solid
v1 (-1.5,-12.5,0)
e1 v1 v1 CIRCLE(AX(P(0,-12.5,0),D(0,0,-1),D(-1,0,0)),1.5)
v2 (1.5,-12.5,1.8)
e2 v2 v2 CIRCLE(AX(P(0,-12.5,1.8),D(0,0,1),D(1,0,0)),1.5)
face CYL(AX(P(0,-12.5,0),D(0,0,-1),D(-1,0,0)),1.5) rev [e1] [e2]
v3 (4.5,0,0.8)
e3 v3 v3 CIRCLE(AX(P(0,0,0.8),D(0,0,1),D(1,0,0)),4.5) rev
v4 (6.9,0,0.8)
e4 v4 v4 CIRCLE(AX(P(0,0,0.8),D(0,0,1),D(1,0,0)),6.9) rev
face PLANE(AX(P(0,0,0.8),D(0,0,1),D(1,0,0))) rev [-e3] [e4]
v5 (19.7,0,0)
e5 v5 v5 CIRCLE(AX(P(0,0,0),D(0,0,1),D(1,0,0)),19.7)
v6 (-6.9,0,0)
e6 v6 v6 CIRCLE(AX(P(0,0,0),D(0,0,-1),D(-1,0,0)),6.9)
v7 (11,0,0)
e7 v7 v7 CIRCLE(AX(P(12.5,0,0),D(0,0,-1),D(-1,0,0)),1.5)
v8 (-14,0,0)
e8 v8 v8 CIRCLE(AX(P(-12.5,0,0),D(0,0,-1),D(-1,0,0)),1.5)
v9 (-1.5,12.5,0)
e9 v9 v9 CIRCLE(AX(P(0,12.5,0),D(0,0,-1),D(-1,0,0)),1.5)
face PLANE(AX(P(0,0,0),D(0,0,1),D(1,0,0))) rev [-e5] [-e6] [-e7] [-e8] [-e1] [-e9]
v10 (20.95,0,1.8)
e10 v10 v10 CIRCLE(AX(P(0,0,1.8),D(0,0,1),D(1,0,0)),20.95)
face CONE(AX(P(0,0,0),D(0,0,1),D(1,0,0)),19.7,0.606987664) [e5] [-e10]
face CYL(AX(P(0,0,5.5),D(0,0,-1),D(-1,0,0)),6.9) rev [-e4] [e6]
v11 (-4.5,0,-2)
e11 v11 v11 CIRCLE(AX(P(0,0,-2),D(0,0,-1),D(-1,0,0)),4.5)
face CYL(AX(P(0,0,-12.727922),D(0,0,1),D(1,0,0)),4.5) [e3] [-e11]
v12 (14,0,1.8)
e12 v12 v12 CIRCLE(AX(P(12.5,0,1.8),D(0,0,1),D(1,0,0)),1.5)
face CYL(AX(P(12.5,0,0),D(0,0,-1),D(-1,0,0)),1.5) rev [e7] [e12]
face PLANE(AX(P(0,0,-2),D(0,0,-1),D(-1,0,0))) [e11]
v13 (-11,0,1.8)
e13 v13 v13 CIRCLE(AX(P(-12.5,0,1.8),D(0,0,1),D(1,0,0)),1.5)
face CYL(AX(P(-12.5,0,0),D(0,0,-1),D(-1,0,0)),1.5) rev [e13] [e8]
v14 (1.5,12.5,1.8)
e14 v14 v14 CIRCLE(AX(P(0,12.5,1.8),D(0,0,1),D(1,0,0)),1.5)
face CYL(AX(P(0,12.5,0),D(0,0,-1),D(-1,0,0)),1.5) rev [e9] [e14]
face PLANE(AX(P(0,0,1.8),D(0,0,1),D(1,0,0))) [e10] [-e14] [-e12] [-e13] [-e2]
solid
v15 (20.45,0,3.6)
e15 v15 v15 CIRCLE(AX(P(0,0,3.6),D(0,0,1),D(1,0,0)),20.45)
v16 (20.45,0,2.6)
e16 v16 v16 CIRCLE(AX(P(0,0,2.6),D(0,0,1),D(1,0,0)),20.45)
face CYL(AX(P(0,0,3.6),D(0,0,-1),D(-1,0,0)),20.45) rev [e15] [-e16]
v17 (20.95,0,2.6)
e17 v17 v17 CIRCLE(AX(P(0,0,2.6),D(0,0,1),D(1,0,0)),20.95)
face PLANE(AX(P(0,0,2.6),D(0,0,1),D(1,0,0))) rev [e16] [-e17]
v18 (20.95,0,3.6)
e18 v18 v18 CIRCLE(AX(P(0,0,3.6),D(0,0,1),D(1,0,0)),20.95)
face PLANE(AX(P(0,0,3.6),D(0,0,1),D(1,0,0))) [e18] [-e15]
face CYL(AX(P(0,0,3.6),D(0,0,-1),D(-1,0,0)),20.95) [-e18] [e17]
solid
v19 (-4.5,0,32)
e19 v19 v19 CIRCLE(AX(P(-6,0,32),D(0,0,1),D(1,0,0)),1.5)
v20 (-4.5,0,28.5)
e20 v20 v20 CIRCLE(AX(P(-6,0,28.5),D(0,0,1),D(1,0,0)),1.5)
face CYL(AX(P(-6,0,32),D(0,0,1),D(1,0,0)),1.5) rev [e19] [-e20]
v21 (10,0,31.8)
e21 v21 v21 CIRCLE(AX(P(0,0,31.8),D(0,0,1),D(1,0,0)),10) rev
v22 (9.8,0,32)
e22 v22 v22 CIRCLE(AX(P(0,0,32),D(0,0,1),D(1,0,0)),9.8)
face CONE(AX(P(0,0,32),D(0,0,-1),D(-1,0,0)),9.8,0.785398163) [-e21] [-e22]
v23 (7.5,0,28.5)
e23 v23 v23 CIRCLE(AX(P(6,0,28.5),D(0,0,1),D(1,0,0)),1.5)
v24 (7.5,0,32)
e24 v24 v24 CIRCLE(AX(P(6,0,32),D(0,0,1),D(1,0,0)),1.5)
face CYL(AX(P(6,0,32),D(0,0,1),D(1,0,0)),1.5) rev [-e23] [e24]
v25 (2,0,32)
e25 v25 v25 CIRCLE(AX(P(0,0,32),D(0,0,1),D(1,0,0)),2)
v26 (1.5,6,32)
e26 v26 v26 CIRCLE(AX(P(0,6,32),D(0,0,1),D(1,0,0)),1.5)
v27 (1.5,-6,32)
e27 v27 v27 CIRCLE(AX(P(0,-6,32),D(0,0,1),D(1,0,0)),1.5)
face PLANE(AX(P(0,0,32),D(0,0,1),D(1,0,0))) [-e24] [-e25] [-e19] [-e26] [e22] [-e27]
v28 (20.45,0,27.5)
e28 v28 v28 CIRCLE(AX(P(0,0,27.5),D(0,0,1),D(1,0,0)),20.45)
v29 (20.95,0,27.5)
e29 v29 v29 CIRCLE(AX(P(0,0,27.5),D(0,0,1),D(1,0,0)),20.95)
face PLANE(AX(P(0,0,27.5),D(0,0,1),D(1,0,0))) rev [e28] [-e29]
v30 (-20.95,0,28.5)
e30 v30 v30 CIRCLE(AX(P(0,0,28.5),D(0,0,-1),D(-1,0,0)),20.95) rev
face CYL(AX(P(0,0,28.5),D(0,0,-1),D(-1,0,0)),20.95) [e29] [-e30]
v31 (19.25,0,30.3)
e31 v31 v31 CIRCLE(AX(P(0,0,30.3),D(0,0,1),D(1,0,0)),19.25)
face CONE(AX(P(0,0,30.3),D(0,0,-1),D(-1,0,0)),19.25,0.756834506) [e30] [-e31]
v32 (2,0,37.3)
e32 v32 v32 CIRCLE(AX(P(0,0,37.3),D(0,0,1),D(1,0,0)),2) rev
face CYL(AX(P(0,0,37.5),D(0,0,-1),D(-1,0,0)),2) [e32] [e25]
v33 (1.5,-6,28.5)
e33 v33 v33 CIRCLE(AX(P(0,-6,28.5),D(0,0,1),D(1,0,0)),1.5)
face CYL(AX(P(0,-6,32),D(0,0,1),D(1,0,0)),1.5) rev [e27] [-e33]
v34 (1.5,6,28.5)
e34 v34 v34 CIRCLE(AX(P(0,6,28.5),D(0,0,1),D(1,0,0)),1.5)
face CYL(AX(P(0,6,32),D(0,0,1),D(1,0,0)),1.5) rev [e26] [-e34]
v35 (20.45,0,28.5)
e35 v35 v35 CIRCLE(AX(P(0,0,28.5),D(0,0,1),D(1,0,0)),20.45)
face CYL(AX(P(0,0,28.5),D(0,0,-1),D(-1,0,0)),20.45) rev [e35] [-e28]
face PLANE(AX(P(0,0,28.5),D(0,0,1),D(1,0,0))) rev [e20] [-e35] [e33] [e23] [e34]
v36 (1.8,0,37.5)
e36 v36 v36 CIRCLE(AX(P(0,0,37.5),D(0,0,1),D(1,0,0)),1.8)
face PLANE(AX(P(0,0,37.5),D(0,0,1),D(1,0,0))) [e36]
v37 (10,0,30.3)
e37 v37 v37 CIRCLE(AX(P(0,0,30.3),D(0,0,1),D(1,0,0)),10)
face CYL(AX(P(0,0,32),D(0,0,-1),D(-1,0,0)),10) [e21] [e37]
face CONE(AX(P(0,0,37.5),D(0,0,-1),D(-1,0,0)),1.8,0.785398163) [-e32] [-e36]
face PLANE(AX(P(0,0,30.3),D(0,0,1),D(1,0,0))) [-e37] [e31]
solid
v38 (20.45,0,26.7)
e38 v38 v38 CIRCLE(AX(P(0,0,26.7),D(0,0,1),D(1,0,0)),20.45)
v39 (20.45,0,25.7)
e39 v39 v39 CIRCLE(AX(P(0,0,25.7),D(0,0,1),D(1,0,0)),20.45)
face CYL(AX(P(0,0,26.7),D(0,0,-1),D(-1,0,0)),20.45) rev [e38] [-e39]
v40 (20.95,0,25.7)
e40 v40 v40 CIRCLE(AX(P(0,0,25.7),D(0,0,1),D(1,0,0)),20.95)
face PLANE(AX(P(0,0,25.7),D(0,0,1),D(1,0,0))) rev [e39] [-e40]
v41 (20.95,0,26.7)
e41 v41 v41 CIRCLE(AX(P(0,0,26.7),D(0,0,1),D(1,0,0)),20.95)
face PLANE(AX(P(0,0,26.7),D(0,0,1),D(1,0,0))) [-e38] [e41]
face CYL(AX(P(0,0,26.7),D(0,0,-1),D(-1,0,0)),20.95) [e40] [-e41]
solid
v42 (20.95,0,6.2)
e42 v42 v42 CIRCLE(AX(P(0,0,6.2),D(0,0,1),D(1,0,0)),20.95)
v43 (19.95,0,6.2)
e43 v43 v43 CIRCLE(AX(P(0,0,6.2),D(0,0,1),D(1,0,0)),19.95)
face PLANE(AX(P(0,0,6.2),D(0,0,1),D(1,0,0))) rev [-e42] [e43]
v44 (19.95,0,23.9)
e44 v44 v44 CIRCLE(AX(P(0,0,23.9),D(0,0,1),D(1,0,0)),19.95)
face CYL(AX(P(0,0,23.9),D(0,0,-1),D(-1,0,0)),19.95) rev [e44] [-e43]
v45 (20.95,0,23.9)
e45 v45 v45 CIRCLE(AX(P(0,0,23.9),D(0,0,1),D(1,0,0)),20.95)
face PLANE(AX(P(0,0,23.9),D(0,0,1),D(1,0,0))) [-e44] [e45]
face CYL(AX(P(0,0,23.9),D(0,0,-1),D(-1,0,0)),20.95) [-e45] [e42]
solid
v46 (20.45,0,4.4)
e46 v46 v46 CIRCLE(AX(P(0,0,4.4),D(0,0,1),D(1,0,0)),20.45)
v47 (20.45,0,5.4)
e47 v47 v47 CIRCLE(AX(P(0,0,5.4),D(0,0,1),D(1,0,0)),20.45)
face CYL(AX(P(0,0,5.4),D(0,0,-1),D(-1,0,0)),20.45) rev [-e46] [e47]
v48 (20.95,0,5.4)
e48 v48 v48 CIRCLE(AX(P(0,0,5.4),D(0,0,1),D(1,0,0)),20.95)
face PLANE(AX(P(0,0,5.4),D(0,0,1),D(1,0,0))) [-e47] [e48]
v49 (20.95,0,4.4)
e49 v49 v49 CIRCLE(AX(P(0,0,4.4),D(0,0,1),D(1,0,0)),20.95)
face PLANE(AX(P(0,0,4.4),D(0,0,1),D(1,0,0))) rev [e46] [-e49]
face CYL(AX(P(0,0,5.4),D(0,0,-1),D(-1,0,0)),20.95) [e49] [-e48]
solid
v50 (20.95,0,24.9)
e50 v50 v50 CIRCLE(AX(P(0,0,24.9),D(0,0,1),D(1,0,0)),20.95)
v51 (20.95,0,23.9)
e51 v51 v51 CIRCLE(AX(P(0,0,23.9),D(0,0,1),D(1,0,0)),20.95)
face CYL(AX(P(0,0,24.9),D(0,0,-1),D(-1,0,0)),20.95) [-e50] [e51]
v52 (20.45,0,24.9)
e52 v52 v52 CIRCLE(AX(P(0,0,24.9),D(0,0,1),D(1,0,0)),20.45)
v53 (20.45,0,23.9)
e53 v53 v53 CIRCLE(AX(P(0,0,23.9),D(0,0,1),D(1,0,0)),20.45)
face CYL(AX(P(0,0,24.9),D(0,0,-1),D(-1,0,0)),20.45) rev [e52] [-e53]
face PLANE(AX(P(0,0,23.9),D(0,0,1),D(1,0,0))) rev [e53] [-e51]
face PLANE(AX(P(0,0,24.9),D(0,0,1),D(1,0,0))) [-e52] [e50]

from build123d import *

# Parameters (mm, degrees)
SKETCH_2_R          = 20.95
SKETCH_1_R          = 19.7
SKETCH_3_R          = 20.95
SKETCH_3_R_2        = 20.45
EXTRUDE_1_DEPTH     = 1
SKETCH_4_R          = 20.95
SKETCH_4_R_2        = 20.45
EXTRUDE_2_DEPTH     = 1
SKETCH_5_R          = 20.95
SKETCH_5_R_2        = 19.95
EXTRUDE_3_DEPTH     = 17.7
SKETCH_6_R          = 20.95
SKETCH_6_R_2        = 20.45
EXTRUDE_4_DEPTH     = 1
SKETCH_7_R          = 20.95
SKETCH_7_R_2        = 20.45
EXTRUDE_5_DEPTH     = 1
SKETCH_8_R          = 20.95
SKETCH_8_R_2        = 20.45
EXTRUDE_6_DEPTH     = 1
SKETCH_10_R         = 20.95
SKETCH_9_R          = 19.25
SKETCH_11_R         = 10
EXTRUDE_7_DEPTH     = 1.7
SKETCH_12_R         = 2
EXTRUDE_8_DEPTH     = 5.5
MM_1_AT_2_COUNT     = 2
MM_1_AT_2_PITCH     = 12
MM_1_AT_3_COUNT     = 2
MM_1_AT_3_PITCH     = 8.485281374
MM_1_AT_4_COUNT     = 2
MM_1_AT_4_PITCH     = 8.485281374
SKETCH_15_R         = 6.9
CUT_EXTRUDE_1_DEPTH = 5.5
EXTRUDE_START       = -1
SKETCH_16_R         = 6.9
EXTRUDE_9_DEPTH     = 1
SKETCH_17_R         = 4.5
EXTRUDE_10_DEPTH    = 0.8
SKETCH_18_R         = 4.5
EXTRUDE_11_DEPTH    = 2
MM_2_AT_2_COUNT     = 2
MM_2_AT_2_PITCH     = 17.67766953
MM_2_AT_3_COUNT     = 2
MM_2_AT_3_PITCH     = 17.67766953
MM_2_AT_4_COUNT     = 2
MM_2_AT_4_PITCH     = 25
CHAMFER_1_SIZE      = 0.2


with BuildPart() as part:
    # 草图2 → 放样1 section 0
    with BuildSketch(Plane.XY.offset(1.8)):
        Circle(SKETCH_2_R)
    # 草图1 → 放样1 section 1
    with BuildSketch(Plane.XY):
        Circle(SKETCH_1_R)
    loft()

    # 草图15 → 切除-拉伸1 (cut)
    with BuildSketch(Plane(origin=(0, 0, 0), x_dir=(-1, 0, 0), z_dir=(0, 0, -1))):
        Circle(SKETCH_15_R)
    extrude(amount=-CUT_EXTRUDE_1_DEPTH, mode=Mode.SUBTRACT)

    # 草图16 → 凸台-拉伸9 (add)
    with BuildSketch(Plane.XY.offset(1.8).offset(EXTRUDE_START)):
        with Locations(Location((0, 0, 0), (0, 0, 180))):
            Circle(SKETCH_16_R)
    extrude(amount=EXTRUDE_9_DEPTH)

    # 草图17 → 凸台-拉伸10 (add)
    with BuildSketch(Plane(origin=(0, 0, 0.8), x_dir=(-1, 0, 0), z_dir=(0, 0, -1))):
        with Locations(Location((0, 0, 0), (0, 0, 180))):
            Circle(SKETCH_17_R)
    extrude(amount=EXTRUDE_10_DEPTH)

    # 草图18 → 凸台-拉伸11 (add)
    with BuildSketch(Plane(origin=(0, 0, 0), x_dir=(-1, 0, 0), z_dir=(0, 0, -1))):
        with Locations(Location((0, 0, 0), (0, 0, 180))):
            Circle(SKETCH_18_R)
    extrude(amount=EXTRUDE_11_DEPTH)

    # 草图20 → 大小mm 暗销孔2 (revolve, cut)
    with BuildSketch(Plane.YZ.offset(12.5)):
        Polygon((0, 0), (0, 5.901290929), (1.5, 5), (1.5, 0), align=None)
    mm_2 = revolve(axis=Axis((12.5, 0, -6.35), (0, 0, 1)), mode=Mode.SUBTRACT)

    # 大小mm 暗销孔2 at 2: 大小mm 暗销孔2 ×2
    with Locations(*[Vector(-0.7071067811865476, 0.7071067811865476, 0) * (i * MM_2_AT_2_PITCH) for i in range(1, MM_2_AT_2_COUNT)]):
        add(mm_2, mode=Mode.SUBTRACT)

    # 大小mm 暗销孔2 at 3: 大小mm 暗销孔2 ×2
    with Locations(*[Vector(-0.7071067811865476, -0.7071067811865476, 0) * (i * MM_2_AT_3_PITCH) for i in range(1, MM_2_AT_3_COUNT)]):
        add(mm_2, mode=Mode.SUBTRACT)

    # 大小mm 暗销孔2 at 4: 大小mm 暗销孔2 ×2
    with Locations(*[(-i * MM_2_AT_4_PITCH, 0, 0) for i in range(1, MM_2_AT_4_COUNT)]):
        add(mm_2, mode=Mode.SUBTRACT)


with BuildPart() as body_2:
    # 草图3 → 凸台-拉伸1 (new body)
    with BuildSketch(Plane.XY.offset(2.6)):
        Circle(SKETCH_3_R)
        Circle(SKETCH_3_R_2, mode=Mode.SUBTRACT)
    extrude(amount=EXTRUDE_1_DEPTH)


with BuildPart() as body_3:
    # 草图4 → 凸台-拉伸2 (new body)
    with BuildSketch(Plane.XY.offset(4.4)):
        Circle(SKETCH_4_R)
        Circle(SKETCH_4_R_2, mode=Mode.SUBTRACT)
    extrude(amount=EXTRUDE_2_DEPTH)


with BuildPart() as body_4:
    # 草图5 → 凸台-拉伸3 (new body)
    with BuildSketch(Plane.XY.offset(6.2)):
        Circle(SKETCH_5_R)
        Circle(SKETCH_5_R_2, mode=Mode.SUBTRACT)
    extrude(amount=EXTRUDE_3_DEPTH)


with BuildPart() as body_5:
    # 草图6 → 凸台-拉伸4 (new body)
    with BuildSketch(Plane.XY.offset(23.9)):
        Circle(SKETCH_6_R)
        Circle(SKETCH_6_R_2, mode=Mode.SUBTRACT)
    extrude(amount=EXTRUDE_4_DEPTH)


with BuildPart() as body_6:
    # 草图7 → 凸台-拉伸5 (new body)
    with BuildSketch(Plane.XY.offset(25.7)):
        Circle(SKETCH_7_R)
        Circle(SKETCH_7_R_2, mode=Mode.SUBTRACT)
    extrude(amount=EXTRUDE_5_DEPTH)


with BuildPart() as body_7:
    # 草图8 → 凸台-拉伸6 (new body)
    with BuildSketch(Plane.XY.offset(27.5)):
        Circle(SKETCH_8_R)
        Circle(SKETCH_8_R_2, mode=Mode.SUBTRACT)
    extrude(amount=EXTRUDE_6_DEPTH)

    # 草图10 → 放样2 section 0
    with BuildSketch(Plane.XY.offset(28.5)):
        Circle(SKETCH_10_R)
    # 草图9 → 放样2 section 1
    with BuildSketch(Plane.XY.offset(30.3)):
        Circle(SKETCH_9_R)
    loft()

    # 草图11 → 凸台-拉伸7 (add)
    with BuildSketch(Plane.XY.offset(30.3)):
        Circle(SKETCH_11_R)
    extrude(amount=EXTRUDE_7_DEPTH)

    # 草图12 → 凸台-拉伸8 (add)
    with BuildSketch(Plane.XY.offset(32)):
        Circle(SKETCH_12_R)
    extrude(amount=EXTRUDE_8_DEPTH)

    # 草图14 → 大小mm 暗销孔1 (revolve, cut)
    with BuildSketch(Plane(origin=(-6, 0, 32), x_dir=(0, -1, 0), z_dir=(1, 0, 0))):
        Polygon((0, 0), (0, 5.901290929), (1.5, 5), (1.5, 0), align=None)
    mm_1 = revolve(axis=Axis((-6, 0, 38.35), (0, 0, -1)), mode=Mode.SUBTRACT)

    # 大小mm 暗销孔1 at 2: 大小mm 暗销孔1 ×2
    with Locations(*[(i * MM_1_AT_2_PITCH, 0, 0) for i in range(1, MM_1_AT_2_COUNT)]):
        add(mm_1, mode=Mode.SUBTRACT)

    # 大小mm 暗销孔1 at 3: 大小mm 暗销孔1 ×2
    with Locations(*[Vector(0.7071067811865476, -0.7071067811865476, 0) * (i * MM_1_AT_3_PITCH) for i in range(1, MM_1_AT_3_COUNT)]):
        add(mm_1, mode=Mode.SUBTRACT)

    # 大小mm 暗销孔1 at 4: 大小mm 暗销孔1 ×2
    with Locations(*[Vector(0.7071067811865476, 0.7071067811865476, 0) * (i * MM_1_AT_4_PITCH) for i in range(1, MM_1_AT_4_COUNT)]):
        add(mm_1, mode=Mode.SUBTRACT)

    # 倒角1
    chamfer_1_edges = [body_7.edges().sort_by_distance(p)[0] for p in [
        (-10, 0, 32),
        (-2, 0, 37.5),
    ]]
    chamfer(chamfer_1_edges, length=CHAMFER_1_SIZE)


solid = Compound([part.part, body_2.part, body_3.part, body_4.part, body_5.part, body_6.part, body_7.part])
